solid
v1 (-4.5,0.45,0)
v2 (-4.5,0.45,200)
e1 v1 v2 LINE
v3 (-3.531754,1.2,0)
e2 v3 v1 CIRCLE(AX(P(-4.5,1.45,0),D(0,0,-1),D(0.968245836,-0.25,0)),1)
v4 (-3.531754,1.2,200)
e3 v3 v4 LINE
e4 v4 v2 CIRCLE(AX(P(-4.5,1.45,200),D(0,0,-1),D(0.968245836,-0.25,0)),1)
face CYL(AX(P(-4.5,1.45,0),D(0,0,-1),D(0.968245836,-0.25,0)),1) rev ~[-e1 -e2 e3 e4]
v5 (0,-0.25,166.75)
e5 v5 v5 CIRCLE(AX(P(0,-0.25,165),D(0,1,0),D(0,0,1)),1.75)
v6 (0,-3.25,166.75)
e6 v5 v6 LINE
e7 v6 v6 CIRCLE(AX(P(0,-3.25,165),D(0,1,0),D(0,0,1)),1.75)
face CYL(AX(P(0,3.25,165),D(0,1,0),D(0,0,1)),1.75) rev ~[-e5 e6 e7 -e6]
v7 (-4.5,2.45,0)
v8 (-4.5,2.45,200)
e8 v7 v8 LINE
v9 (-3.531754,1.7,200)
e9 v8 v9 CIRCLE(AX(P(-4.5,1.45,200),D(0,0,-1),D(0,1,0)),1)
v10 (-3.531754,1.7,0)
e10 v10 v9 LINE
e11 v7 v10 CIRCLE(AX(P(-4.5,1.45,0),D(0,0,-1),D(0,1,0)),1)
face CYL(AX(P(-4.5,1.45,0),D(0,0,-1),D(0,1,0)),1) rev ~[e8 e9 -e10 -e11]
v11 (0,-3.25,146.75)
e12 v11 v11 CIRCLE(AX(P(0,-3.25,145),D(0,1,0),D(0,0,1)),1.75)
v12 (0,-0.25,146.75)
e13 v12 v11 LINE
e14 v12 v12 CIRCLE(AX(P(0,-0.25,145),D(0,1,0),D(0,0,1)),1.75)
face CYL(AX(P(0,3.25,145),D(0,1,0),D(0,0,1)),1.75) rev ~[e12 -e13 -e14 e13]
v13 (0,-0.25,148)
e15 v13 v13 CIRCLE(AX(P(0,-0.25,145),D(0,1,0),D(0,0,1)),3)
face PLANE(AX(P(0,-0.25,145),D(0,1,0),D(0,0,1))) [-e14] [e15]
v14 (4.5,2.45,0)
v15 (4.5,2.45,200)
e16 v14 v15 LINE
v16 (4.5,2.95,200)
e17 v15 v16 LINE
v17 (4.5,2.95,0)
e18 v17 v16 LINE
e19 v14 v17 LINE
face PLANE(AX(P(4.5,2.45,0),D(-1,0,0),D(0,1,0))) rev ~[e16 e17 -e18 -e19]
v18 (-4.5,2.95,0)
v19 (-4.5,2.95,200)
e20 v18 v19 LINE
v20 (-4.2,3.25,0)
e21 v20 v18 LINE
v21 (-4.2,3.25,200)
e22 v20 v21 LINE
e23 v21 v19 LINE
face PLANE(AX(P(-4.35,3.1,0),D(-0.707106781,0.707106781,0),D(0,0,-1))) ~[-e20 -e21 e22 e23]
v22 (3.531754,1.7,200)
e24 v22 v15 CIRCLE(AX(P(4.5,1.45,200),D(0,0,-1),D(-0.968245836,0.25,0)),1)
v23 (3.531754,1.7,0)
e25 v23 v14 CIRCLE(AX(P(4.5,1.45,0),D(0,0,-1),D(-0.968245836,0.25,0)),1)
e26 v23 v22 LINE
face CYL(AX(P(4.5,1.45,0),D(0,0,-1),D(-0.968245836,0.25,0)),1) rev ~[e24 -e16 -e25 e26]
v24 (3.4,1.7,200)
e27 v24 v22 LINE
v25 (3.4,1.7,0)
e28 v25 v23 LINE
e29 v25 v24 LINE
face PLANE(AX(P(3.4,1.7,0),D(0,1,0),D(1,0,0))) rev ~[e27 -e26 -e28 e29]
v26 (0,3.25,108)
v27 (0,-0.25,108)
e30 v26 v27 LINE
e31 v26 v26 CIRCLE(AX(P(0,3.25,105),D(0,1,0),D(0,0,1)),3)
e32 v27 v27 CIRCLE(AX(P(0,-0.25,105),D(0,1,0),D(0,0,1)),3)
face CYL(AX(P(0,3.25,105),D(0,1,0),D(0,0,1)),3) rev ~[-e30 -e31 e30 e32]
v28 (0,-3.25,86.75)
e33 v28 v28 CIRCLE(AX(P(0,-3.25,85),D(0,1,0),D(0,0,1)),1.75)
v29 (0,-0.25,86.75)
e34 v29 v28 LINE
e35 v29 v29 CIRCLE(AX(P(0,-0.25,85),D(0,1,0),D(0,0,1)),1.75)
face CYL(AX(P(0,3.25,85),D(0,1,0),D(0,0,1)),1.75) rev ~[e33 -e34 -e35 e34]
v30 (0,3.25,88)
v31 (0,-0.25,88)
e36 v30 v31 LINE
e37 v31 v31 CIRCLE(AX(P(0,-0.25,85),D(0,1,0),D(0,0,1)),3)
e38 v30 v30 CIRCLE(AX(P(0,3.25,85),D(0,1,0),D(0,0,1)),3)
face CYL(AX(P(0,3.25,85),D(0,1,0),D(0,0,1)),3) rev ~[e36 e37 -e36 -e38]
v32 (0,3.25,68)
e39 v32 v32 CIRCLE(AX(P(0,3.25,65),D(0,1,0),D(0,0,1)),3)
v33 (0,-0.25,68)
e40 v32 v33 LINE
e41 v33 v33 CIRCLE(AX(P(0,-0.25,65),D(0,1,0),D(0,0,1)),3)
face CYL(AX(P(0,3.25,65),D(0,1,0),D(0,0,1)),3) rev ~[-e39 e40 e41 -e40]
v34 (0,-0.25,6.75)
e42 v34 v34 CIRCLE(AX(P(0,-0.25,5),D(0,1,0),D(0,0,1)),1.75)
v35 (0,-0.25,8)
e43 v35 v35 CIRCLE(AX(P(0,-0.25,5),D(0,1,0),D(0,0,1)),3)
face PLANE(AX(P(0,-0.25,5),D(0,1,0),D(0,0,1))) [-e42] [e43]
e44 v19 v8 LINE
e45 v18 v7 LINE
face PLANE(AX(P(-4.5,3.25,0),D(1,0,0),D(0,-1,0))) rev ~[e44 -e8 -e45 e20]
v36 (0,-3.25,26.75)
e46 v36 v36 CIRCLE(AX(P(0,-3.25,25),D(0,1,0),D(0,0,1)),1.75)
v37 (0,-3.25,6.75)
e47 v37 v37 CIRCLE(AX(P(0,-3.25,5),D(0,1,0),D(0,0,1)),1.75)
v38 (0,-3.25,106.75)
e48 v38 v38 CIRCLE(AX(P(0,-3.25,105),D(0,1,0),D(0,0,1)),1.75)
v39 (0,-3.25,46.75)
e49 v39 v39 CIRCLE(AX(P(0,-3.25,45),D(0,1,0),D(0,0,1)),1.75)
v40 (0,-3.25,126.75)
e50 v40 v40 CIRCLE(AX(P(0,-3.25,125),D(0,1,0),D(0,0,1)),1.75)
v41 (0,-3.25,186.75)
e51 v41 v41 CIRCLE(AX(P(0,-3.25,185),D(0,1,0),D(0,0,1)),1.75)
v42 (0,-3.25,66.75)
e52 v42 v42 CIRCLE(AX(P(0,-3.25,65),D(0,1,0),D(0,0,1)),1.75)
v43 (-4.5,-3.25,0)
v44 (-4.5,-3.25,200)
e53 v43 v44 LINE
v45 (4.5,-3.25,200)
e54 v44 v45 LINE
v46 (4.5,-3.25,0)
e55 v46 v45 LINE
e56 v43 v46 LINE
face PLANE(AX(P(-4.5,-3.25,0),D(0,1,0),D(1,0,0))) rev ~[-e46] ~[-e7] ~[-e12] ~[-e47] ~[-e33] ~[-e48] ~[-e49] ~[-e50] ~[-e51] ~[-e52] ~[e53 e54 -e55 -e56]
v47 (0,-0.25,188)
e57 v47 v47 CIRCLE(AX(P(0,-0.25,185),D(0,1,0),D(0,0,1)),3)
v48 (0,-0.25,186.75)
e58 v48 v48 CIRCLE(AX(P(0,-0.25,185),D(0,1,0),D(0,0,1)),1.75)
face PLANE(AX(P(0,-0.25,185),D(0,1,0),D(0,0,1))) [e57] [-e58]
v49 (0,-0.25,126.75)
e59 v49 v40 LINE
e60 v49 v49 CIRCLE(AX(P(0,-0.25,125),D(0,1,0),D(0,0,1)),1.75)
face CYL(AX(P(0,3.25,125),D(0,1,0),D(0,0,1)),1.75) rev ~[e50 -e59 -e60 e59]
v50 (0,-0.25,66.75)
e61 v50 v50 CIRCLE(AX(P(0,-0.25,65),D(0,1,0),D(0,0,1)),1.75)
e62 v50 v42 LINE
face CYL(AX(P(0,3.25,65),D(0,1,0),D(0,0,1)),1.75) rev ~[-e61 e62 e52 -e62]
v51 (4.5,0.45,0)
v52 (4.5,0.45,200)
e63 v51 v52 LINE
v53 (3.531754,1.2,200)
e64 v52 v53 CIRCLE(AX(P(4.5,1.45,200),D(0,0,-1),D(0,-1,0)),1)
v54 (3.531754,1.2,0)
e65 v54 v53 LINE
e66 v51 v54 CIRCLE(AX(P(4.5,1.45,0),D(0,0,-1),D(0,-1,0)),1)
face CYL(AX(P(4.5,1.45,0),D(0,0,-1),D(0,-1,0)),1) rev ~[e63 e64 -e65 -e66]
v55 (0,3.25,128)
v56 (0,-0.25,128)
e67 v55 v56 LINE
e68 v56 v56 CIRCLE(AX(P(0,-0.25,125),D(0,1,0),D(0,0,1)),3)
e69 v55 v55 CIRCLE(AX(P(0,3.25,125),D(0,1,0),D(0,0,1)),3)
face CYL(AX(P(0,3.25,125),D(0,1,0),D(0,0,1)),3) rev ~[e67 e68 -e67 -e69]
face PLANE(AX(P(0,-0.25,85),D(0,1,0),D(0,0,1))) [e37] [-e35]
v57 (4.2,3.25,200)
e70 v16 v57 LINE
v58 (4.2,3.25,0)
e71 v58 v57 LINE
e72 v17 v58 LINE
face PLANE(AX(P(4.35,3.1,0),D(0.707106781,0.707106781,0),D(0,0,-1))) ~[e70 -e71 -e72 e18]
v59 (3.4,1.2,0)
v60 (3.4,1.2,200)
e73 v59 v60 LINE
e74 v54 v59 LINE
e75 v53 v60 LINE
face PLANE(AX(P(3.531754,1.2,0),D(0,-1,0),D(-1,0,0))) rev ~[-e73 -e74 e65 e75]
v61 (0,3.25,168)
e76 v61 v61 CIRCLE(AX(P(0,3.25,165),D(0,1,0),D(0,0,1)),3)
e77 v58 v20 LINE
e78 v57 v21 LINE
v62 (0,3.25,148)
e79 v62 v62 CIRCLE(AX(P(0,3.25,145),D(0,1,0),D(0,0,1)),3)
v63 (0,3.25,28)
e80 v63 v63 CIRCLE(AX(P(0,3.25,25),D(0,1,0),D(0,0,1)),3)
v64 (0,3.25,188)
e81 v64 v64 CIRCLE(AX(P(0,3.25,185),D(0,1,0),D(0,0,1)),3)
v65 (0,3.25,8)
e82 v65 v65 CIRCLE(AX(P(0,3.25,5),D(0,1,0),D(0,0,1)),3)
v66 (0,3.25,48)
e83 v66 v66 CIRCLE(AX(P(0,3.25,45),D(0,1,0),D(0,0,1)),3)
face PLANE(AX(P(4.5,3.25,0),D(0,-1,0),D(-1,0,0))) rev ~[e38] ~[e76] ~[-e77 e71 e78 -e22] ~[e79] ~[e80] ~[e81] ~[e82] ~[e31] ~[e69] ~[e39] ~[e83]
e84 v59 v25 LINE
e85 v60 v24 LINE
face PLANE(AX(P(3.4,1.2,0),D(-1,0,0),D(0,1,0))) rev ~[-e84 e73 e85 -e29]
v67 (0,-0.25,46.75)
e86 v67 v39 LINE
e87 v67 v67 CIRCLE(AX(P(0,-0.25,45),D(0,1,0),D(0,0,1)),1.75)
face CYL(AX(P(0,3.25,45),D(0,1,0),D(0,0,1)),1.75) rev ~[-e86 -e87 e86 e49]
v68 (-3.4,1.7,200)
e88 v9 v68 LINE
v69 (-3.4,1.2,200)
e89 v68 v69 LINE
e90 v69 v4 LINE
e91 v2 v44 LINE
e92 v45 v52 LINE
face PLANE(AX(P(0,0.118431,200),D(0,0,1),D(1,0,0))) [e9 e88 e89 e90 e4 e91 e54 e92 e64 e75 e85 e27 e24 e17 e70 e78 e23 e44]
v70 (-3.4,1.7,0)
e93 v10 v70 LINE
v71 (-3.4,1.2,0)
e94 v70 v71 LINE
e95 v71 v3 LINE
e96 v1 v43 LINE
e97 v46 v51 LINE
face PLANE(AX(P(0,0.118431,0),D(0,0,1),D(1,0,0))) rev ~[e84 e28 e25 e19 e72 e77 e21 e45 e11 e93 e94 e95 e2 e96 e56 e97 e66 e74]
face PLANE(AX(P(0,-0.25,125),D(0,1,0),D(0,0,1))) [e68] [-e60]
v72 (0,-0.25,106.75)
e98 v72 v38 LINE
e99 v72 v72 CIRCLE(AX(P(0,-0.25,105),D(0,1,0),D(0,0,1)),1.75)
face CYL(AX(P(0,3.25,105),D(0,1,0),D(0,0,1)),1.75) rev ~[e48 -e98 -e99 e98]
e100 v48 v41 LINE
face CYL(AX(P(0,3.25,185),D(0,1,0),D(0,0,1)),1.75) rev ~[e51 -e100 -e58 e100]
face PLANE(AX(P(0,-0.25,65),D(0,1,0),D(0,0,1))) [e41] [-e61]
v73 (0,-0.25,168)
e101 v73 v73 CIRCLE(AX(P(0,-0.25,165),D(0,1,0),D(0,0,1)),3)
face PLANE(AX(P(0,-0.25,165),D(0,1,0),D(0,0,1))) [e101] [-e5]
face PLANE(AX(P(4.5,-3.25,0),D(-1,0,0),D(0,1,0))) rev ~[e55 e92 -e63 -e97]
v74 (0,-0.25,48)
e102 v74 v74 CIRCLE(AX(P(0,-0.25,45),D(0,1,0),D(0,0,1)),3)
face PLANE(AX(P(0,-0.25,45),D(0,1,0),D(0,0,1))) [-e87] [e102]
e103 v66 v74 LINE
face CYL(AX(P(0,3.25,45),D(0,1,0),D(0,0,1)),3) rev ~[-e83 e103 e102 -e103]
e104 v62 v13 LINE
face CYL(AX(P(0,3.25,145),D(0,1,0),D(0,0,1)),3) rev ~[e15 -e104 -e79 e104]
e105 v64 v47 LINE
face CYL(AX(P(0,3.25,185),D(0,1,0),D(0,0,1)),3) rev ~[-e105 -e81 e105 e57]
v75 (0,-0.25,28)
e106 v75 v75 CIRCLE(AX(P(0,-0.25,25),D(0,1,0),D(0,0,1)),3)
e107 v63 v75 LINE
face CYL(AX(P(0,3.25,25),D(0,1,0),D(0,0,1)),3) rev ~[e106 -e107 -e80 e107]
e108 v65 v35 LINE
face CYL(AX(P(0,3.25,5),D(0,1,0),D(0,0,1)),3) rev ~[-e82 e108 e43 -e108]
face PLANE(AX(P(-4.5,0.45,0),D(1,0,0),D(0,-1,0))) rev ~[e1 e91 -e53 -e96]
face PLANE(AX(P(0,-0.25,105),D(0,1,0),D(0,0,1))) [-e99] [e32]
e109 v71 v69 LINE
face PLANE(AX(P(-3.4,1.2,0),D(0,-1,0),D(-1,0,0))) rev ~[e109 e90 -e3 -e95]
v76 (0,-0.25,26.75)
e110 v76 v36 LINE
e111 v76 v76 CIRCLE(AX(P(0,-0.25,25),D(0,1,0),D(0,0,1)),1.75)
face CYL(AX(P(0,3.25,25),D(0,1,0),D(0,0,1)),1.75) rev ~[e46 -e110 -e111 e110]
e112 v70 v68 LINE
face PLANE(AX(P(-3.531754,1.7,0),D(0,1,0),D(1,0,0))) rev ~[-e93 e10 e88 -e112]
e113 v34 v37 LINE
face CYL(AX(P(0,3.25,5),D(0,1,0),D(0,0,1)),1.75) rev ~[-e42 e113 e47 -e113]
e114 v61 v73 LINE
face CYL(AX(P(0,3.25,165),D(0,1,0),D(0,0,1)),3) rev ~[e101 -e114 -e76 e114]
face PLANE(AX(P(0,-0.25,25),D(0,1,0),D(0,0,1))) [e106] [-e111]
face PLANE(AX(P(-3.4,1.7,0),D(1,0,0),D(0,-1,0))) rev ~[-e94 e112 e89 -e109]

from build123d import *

# Parameters (mm, degrees)
EXTRUDE1_DEPTH  = 200
SKETCH2_R       = 3
EXTRUDE2_DEPTH  = 3.5
SKETCH_R        = 1.75
EXTRUDE3_DEPTH  = 201.156189012
LPATTERN1_COUNT = 40
LPATTERN1_PITCH = 20
CHAMFER1_SIZE   = 0.3


with BuildPart() as part:
    # Sketch1 → Extrude1 (new body)
    with BuildSketch(Plane.XY):
        with BuildLine():
            Line((-4.5, -3.25), (4.5, -3.25))
            Line((4.5, -3.25), (4.5, 0.45))
            ThreePointArc((4.5, 0.45), (3.887627564, 0.659430585), (3.531754163, 1.2))
            Line((3.531754163, 1.2), (3.4, 1.2))
            Line((3.4, 1.2), (3.4, 1.7))
            Line((3.4, 1.7), (3.531754163, 1.7))
            ThreePointArc((3.531754163, 1.7), (3.887627564, 2.240569415), (4.5, 2.45))
            Line((4.5, 2.45), (4.5, 3.25))
            Line((4.5, 3.25), (-4.5, 3.25))
            Line((-4.5, 3.25), (-4.5, 2.45))
            ThreePointArc((-4.5, 2.45), (-3.887627564, 2.240569415), (-3.531754163, 1.7))
            Line((-3.531754163, 1.7), (-3.4, 1.7))
            Line((-3.4, 1.7), (-3.4, 1.2))
            Line((-3.4, 1.2), (-3.531754163, 1.2))
            ThreePointArc((-3.531754163, 1.2), (-3.887627564, 0.659430585), (-4.5, 0.45))
            Line((-4.5, 0.45), (-4.5, -3.25))
        make_face()
    extrude(amount=EXTRUDE1_DEPTH)

    # Sketch2 → Extrude2 (cut)
    with BuildSketch(Plane(origin=(0, 3.25, 0), x_dir=(1, 0, 0), z_dir=(0, 1, 0))):
        with Locations((0, -5)):
            Circle(SKETCH2_R)
    extrude2 = extrude(amount=-EXTRUDE2_DEPTH, mode=Mode.SUBTRACT)

    # Sketch → Extrude3 (cut, through all)
    with BuildSketch(Plane(origin=(0, 3.25, 0), x_dir=(1, 0, 0), z_dir=(0, 1, 0))):
        with Locations((0, -5)):
            Circle(SKETCH_R)
    extrude3 = extrude(amount=-EXTRUDE3_DEPTH, mode=Mode.SUBTRACT)

    # LPattern1: Extrude2, Extrude3 ×40
    with Locations(*[(0, 0, i * LPATTERN1_PITCH) for i in range(1, LPATTERN1_COUNT)]):
        add(extrude2, mode=Mode.SUBTRACT)
        add(extrude3, mode=Mode.SUBTRACT)

    # Chamfer1
    chamfer1_edges = [part.edges().sort_by_distance(p)[0] for p in [
        (4.5, 3.25, 100),
        (-4.5, 3.25, 100),
    ]]
    chamfer(chamfer1_edges, length=CHAMFER1_SIZE)


solid = part.part
